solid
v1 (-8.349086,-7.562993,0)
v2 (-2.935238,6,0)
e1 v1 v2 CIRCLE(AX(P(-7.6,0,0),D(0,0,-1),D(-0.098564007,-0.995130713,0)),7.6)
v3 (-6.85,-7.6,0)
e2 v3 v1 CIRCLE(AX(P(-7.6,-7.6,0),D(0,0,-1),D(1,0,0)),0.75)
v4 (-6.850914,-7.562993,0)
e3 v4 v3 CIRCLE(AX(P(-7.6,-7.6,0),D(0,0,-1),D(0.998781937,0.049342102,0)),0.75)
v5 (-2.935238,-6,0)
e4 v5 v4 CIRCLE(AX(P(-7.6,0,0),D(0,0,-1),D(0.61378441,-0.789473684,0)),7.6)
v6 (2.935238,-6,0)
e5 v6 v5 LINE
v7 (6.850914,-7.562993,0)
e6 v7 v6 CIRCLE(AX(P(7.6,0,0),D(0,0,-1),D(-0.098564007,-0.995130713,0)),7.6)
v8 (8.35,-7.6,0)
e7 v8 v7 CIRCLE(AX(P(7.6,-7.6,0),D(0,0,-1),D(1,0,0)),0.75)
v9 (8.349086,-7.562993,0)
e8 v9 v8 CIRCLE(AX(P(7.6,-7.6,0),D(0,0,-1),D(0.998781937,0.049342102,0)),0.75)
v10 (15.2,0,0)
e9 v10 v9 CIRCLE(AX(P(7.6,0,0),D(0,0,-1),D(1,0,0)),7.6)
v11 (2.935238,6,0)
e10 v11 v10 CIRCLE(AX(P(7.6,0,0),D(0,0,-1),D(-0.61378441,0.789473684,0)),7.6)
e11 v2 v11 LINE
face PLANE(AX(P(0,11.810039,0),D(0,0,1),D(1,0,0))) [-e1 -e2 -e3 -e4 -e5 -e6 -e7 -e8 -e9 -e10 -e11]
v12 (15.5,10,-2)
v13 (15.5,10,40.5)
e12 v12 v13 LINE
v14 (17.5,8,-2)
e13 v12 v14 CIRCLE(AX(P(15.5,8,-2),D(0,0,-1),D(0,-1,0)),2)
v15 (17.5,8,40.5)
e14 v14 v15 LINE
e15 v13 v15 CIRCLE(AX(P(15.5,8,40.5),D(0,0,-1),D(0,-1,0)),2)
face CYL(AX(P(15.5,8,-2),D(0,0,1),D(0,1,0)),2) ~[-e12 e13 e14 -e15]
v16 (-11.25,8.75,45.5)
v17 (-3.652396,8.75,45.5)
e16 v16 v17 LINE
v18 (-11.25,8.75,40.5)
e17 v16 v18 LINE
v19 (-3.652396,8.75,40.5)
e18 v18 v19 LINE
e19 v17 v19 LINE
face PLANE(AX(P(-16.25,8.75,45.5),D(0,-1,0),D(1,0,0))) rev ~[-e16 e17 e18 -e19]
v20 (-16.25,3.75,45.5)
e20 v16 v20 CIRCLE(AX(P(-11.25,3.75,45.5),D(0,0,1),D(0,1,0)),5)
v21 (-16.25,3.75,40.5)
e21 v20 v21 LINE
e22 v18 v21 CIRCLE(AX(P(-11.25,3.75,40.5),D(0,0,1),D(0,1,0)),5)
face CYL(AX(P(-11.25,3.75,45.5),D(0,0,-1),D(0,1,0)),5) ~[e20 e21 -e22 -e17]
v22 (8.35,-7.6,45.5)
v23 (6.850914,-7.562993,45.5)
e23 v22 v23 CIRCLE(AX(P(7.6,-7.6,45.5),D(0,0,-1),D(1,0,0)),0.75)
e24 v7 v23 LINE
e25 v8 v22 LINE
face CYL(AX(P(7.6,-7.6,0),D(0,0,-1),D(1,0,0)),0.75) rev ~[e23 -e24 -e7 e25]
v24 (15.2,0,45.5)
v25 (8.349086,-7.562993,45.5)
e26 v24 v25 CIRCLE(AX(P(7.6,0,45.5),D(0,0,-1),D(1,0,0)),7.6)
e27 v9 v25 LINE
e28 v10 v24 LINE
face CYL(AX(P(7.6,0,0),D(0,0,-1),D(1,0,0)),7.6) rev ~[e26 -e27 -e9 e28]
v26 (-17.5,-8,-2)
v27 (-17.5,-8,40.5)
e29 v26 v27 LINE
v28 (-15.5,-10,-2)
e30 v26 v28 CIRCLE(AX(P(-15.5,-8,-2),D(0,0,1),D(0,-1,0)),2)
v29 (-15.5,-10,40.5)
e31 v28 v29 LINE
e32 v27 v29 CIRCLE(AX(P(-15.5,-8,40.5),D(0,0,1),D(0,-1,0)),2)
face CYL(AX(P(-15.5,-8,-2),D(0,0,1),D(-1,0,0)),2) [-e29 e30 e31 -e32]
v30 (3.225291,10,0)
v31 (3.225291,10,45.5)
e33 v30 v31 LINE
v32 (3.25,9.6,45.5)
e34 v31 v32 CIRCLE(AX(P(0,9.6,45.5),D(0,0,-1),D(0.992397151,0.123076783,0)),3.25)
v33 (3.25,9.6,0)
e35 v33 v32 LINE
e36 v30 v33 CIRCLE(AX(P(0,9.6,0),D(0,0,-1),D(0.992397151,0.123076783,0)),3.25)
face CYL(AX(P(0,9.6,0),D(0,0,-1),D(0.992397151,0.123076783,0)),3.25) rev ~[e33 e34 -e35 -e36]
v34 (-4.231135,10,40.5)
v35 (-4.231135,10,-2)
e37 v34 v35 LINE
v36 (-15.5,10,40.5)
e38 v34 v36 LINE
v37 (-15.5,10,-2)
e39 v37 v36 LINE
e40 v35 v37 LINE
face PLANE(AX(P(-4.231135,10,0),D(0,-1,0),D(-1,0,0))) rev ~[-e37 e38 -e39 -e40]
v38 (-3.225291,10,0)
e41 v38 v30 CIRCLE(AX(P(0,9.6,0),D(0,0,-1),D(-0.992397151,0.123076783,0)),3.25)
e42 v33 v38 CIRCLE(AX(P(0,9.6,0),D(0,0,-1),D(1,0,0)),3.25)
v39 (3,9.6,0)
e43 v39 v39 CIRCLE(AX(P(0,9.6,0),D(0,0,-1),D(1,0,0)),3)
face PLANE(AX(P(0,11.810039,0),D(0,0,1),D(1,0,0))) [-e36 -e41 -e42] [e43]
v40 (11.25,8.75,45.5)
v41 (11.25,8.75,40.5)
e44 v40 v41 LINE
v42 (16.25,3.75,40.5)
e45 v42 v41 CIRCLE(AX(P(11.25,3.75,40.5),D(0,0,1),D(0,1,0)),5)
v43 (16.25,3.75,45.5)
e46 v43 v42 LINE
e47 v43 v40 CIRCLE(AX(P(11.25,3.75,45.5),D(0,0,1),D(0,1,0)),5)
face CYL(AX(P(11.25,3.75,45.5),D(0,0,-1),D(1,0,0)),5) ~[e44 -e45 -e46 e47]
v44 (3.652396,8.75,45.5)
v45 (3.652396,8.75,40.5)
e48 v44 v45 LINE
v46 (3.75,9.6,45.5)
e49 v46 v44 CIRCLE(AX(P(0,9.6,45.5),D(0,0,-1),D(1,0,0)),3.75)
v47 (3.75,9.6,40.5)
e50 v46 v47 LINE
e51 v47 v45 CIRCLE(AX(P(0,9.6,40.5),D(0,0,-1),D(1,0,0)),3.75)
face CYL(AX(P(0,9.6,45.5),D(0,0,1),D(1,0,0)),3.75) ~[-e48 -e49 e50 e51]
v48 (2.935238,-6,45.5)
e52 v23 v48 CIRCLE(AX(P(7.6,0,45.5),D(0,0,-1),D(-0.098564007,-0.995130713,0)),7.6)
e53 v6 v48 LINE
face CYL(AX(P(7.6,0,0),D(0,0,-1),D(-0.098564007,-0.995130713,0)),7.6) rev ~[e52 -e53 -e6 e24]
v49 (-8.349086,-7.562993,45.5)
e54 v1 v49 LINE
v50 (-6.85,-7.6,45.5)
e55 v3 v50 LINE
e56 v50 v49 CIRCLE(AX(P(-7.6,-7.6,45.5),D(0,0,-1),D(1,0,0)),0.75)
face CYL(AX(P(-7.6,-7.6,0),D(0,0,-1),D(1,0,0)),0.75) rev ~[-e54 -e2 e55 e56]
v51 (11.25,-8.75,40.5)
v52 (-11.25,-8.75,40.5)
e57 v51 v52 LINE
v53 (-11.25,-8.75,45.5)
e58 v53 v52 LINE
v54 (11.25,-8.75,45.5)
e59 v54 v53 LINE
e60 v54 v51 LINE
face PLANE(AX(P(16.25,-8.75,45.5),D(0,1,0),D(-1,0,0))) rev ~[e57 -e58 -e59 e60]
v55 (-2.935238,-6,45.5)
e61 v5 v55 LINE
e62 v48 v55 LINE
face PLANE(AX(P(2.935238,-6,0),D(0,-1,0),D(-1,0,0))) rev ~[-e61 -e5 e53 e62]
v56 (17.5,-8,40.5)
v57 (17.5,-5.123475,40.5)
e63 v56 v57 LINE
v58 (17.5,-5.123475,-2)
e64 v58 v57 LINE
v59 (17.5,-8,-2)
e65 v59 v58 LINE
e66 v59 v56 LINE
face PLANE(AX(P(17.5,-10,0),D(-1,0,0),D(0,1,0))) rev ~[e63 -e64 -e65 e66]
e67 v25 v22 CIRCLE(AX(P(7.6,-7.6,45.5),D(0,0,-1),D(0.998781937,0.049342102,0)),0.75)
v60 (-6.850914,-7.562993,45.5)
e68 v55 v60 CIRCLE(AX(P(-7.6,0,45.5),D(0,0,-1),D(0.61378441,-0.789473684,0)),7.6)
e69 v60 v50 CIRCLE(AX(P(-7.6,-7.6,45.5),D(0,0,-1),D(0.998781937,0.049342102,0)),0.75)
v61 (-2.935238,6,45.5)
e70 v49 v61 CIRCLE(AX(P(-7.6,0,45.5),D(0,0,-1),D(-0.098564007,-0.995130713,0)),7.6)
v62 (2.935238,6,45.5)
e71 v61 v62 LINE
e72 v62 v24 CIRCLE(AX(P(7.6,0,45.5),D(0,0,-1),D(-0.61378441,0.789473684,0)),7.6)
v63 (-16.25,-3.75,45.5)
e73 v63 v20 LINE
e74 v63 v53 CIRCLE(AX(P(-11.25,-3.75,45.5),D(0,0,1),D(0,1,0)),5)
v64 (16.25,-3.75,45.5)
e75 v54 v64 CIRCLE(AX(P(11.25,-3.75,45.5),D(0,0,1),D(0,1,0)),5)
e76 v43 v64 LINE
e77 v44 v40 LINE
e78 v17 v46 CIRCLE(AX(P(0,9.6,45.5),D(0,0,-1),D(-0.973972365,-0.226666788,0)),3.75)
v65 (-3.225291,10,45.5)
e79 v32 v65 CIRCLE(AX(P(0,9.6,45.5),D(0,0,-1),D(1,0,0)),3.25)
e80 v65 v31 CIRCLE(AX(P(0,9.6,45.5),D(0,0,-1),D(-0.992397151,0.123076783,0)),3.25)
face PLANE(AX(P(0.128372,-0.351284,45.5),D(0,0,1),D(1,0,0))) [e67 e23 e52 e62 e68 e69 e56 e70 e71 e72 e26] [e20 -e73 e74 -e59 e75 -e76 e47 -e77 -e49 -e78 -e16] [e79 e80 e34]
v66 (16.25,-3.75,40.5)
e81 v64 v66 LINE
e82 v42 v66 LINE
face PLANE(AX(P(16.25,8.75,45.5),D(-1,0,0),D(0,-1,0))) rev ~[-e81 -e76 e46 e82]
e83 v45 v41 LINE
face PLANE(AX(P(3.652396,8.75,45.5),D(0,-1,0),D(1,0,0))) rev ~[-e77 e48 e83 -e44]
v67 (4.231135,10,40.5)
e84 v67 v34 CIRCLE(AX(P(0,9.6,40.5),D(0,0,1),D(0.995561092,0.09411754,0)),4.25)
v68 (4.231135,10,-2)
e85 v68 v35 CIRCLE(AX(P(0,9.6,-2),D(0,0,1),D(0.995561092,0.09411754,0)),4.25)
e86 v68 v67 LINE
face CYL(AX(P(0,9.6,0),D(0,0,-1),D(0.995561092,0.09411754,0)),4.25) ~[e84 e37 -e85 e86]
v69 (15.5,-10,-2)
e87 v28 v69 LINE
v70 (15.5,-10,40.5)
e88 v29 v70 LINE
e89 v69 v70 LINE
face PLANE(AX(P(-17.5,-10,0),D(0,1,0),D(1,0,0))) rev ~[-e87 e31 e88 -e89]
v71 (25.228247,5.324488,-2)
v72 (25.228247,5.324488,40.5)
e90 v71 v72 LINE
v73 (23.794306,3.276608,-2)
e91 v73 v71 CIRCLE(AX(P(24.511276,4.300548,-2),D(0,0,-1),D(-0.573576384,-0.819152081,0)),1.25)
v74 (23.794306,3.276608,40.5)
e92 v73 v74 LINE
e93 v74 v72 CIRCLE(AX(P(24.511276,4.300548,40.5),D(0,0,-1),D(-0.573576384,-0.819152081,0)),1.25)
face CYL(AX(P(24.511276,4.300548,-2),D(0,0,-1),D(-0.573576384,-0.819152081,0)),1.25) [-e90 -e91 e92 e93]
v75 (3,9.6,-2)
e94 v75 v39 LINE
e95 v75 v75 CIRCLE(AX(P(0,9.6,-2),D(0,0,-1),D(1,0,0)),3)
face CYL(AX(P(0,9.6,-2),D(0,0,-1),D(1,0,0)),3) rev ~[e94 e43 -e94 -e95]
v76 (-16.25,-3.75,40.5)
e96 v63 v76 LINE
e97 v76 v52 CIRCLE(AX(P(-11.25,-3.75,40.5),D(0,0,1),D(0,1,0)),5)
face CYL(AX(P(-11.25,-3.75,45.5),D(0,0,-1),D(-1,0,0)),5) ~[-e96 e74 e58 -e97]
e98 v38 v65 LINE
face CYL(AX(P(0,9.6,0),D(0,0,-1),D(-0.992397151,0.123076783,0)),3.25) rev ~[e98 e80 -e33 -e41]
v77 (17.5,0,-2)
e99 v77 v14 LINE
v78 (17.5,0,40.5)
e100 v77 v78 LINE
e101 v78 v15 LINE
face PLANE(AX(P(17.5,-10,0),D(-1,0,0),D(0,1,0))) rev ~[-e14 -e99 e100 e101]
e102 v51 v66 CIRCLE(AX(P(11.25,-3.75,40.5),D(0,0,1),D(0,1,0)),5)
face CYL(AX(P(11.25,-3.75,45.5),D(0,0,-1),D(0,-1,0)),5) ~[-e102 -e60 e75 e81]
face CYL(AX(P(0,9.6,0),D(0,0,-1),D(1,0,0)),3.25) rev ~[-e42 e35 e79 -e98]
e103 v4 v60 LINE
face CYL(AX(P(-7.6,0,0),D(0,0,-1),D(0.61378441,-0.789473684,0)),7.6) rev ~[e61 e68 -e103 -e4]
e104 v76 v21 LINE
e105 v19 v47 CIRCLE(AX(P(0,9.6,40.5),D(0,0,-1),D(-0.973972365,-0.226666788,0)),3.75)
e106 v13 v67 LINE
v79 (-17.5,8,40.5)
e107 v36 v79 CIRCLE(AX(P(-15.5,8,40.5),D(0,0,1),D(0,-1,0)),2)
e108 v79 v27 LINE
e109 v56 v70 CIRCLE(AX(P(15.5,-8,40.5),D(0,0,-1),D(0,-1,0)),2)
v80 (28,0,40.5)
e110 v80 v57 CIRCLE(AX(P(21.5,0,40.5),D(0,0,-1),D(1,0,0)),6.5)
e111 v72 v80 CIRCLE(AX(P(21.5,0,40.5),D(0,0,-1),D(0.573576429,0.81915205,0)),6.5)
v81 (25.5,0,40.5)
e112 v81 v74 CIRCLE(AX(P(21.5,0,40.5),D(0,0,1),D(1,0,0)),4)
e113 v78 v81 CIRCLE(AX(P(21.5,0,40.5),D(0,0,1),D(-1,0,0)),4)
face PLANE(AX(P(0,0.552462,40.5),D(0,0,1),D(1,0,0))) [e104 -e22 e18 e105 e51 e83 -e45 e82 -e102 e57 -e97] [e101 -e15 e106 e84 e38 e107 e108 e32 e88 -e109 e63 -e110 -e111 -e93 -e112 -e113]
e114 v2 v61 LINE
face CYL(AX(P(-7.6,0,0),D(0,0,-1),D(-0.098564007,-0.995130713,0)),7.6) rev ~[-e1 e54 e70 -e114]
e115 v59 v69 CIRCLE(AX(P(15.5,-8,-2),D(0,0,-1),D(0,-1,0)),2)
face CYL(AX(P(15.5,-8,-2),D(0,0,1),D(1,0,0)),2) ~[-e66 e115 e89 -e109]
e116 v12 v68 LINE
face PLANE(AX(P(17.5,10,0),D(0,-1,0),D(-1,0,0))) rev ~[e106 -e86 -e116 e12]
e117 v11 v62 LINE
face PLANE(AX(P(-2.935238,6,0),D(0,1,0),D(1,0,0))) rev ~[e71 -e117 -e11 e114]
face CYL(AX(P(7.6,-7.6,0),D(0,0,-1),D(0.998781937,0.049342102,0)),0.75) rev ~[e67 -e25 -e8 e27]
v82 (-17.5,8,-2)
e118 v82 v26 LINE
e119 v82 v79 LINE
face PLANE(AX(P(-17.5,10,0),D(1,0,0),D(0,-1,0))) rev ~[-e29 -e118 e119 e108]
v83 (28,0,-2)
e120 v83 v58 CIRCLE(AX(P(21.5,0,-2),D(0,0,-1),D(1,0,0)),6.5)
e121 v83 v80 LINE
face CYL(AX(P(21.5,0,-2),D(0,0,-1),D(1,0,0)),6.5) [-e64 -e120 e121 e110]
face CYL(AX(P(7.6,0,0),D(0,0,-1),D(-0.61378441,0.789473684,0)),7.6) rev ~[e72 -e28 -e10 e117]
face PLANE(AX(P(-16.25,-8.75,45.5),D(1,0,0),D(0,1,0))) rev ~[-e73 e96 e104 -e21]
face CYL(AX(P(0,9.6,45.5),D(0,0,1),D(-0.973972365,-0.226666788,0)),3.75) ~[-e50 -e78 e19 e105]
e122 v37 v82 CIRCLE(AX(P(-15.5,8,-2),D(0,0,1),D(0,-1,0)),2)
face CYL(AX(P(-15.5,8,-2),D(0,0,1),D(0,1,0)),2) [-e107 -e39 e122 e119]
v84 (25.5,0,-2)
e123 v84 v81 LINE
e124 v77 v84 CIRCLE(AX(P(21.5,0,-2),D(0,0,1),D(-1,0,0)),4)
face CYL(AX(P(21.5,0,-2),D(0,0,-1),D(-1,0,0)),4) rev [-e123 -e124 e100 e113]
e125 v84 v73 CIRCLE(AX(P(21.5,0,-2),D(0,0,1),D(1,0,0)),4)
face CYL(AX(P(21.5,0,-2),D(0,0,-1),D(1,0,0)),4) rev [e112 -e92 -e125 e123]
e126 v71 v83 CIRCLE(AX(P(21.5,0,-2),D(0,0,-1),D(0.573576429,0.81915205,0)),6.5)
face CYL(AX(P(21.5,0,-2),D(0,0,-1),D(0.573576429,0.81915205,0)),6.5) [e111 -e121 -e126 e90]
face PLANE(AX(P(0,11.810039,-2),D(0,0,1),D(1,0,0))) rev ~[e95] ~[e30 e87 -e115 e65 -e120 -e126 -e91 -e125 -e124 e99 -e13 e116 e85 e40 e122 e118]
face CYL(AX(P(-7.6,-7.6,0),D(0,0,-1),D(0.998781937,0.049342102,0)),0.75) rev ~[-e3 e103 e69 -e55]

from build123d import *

# Parameters (mm, degrees)
F1_DEPTH  = 2
F2_DEPTH  = 45.5
F4_DEPTH  = 5
F5_R      = 2
F6_R      = 5
F8_DEPTH  = 42.5
F9_R      = 3
F10_DEPTH = 47.501


with BuildPart() as f1:
    # F0 (on Top) → F1 (new body)
    with BuildSketch(Plane.XY):
        with BuildLine():
            ThreePointArc((4.2311346427, 10), (0, 13.850000456), (-4.2311346427, 10))
            Line((-4.2311346427, 10), (-3.2252907411, 10))
            ThreePointArc((-3.2252907411, 10), (0, 12.850000456), (3.2252907411, 10))
            Line((3.2252907411, 10), (4.2311346427, 10))
        make_face()
        with BuildLine():
            Line((3.2252907411, 10), (-3.2252907411, 10))
            ThreePointArc((-3.2252907411, 10), (-0.2003810013, 6.3561836525), (3.25, 9.600000456))
            ThreePointArc((3.25, 9.600000456), (3.2438168034, 9.8003814573), (3.2252907411, 10))
        make_face()
        with BuildLine():
            ThreePointArc((3.2252907411, 10), (0, 12.850000456), (-3.2252907411, 10))
            Line((-3.2252907411, 10), (3.2252907411, 10))
        make_face()
        with BuildLine():
            ThreePointArc((-2.9352384841, 6), (-0.7731344117, 3.3397464334), (0, 0))
            ThreePointArc((0, 0), (0.7731344117, 3.3397464334), (2.9352384841, 6))
            Line((2.9352384841, 6), (2.2588706729, 6))
            ThreePointArc((2.2588706729, 6), (0, 5.350000456), (-2.2588706729, 6))
            Line((-2.2588706729, 6), (-2.9352384841, 6))
        make_face()
        with BuildLine():
            ThreePointArc((2.9352384841, -6), (0.7731344117, -3.3397464334), (0, 0))
            ThreePointArc((0, 0), (-0.7731344117, -3.3397464334), (-2.9352384841, -6))
            Line((-2.9352384841, -6), (2.9352384841, -6))
        make_face()
        with BuildLine():
            ThreePointArc((-4.2311346427, 10), (-3.8118292524, 7.7205170826), (-2.2588706729, 6))
            Line((-2.2588706729, 6), (2.2588706729, 6))
            ThreePointArc((2.2588706729, 6), (3.7190523228, 7.543024564), (4.25, 9.600000456))
            ThreePointArc((4.25, 9.600000456), (4.2452810408, 9.8002225432), (4.2311346427, 10))
            Line((4.2311346427, 10), (3.2252907411, 10))
            ThreePointArc((3.2252907411, 10), (3.2438168034, 9.8003814573), (3.25, 9.600000456))
            ThreePointArc((3.25, 9.600000456), (-0.2003810013, 6.3561836525), (-3.2252907411, 10))
            Line((-3.2252907411, 10), (-4.2311346427, 10))
        make_face()
        with BuildLine():
            ThreePointArc((-2.9352384841, -6), (-0.7731344117, -3.3397464334), (0, 0))
            ThreePointArc((0, 0), (-0.7731344117, 3.3397464334), (-2.9352384841, 6))
            ThreePointArc((-2.9352384841, 6), (-14.6584577236, 2.8174766307), (-8.3490864524, -7.5629934211))
            ThreePointArc((-8.3490864524, -7.5629934211), (-7.6, -6.85), (-6.8509135476, -7.5629934211))
            ThreePointArc((-6.8509135476, -7.5629934211), (-4.7825233693, -7.0584577236), (-2.9352384841, -6))
        make_face()
        with BuildLine():
            ThreePointArc((2.9352384841, 6), (0.7731344117, 3.3397464334), (0, 0))
            ThreePointArc((0, 0), (0.7731344117, -3.3397464334), (2.9352384841, -6))
            ThreePointArc((2.9352384841, -6), (4.7825233693, -7.0584577236), (6.8509135476, -7.5629934211))
            ThreePointArc((6.8509135476, -7.5629934211), (7.6, -6.85), (8.3490864524, -7.5629934211))
            ThreePointArc((8.3490864524, -7.5629934211), (13.2326306926, -5.1023006067), (15.2, 0))
            ThreePointArc((15.2, 0), (10.9397464334, 6.8268655883), (2.9352384841, 6))
        make_face()
        with BuildLine():
            ThreePointArc((-8.3490864524, -7.5629934211), (-14.6584577236, 2.8174766307), (-2.9352384841, 6))
            Line((-2.9352384841, 6), (-2.2588706729, 6))
            ThreePointArc((-2.2588706729, 6), (-3.8118292524, 7.7205170826), (-4.2311346427, 10))
            Line((-4.2311346427, 10), (-17.5, 10))
            Line((-17.5, 10), (-17.5, -10))
            Line((-17.5, -10), (17.5, -10))
            Line((17.5, -10), (17.5, 10))
            Line((17.5, 10), (4.2311346427, 10))
            ThreePointArc((4.2311346427, 10), (4.2452810408, 9.8002225432), (4.25, 9.600000456))
            ThreePointArc((4.25, 9.600000456), (3.7190523228, 7.543024564), (2.2588706729, 6))
            Line((2.2588706729, 6), (2.9352384841, 6))
            ThreePointArc((2.9352384841, 6), (10.9397464334, 6.8268655883), (15.2, 0))
            ThreePointArc((15.2, 0), (13.2326306926, -5.1023006067), (8.3490864524, -7.5629934211))
            ThreePointArc((8.3490864524, -7.5629934211), (8.3497715783, -7.5814910734), (8.35, -7.6))
            ThreePointArc((8.35, -7.6), (7.5814910734, -8.3497715783), (6.8509135476, -7.5629934211))
            ThreePointArc((6.8509135476, -7.5629934211), (4.7825233693, -7.0584577236), (2.9352384841, -6))
            Line((2.9352384841, -6), (-2.9352384841, -6))
            ThreePointArc((-2.9352384841, -6), (-4.7825233693, -7.0584577236), (-6.8509135476, -7.5629934211))
            ThreePointArc((-6.8509135476, -7.5629934211), (-6.8502284217, -7.5814910734), (-6.85, -7.6))
            ThreePointArc((-6.85, -7.6), (-7.6185089266, -8.3497715783), (-8.3490864524, -7.5629934211))
        make_face()
        with BuildLine():
            ThreePointArc((-6.8509135476, -7.5629934211), (-7.6, -6.85), (-8.3490864524, -7.5629934211))
            ThreePointArc((-8.3490864524, -7.5629934211), (-7.6, -7.6), (-6.8509135476, -7.5629934211))
        make_face()
        with BuildLine():
            ThreePointArc((-6.8509135476, -7.5629934211), (-7.6, -7.6), (-8.3490864524, -7.5629934211))
            ThreePointArc((-8.3490864524, -7.5629934211), (-7.6185089266, -8.3497715783), (-6.85, -7.6))
            ThreePointArc((-6.85, -7.6), (-6.8502284217, -7.5814910734), (-6.8509135476, -7.5629934211))
        make_face()
        with BuildLine():
            ThreePointArc((8.3490864524, -7.5629934211), (7.6, -6.85), (6.8509135476, -7.5629934211))
            ThreePointArc((6.8509135476, -7.5629934211), (7.6, -7.6), (8.3490864524, -7.5629934211))
        make_face()
        with BuildLine():
            ThreePointArc((8.3490864524, -7.5629934211), (7.6, -7.6), (6.8509135476, -7.5629934211))
            ThreePointArc((6.8509135476, -7.5629934211), (7.5814910734, -8.3497715783), (8.35, -7.6))
            ThreePointArc((8.35, -7.6), (8.3497715783, -7.5814910734), (8.3490864524, -7.5629934211))
        make_face()
        with BuildLine():
            Line((2.2588706729, 6), (-2.2588706729, 6))
            ThreePointArc((-2.2588706729, 6), (0, 5.350000456), (2.2588706729, 6))
        make_face()
    extrude(amount=-F1_DEPTH)

    # F0 (on Top) → F2 (join)
    with BuildSketch(Plane.XY):
        with BuildLine():
            ThreePointArc((-8.3490864524, -7.5629934211), (-14.6584577236, 2.8174766307), (-2.9352384841, 6))
            Line((-2.9352384841, 6), (-2.2588706729, 6))
            ThreePointArc((-2.2588706729, 6), (-3.8118292524, 7.7205170826), (-4.2311346427, 10))
            Line((-4.2311346427, 10), (-17.5, 10))
            Line((-17.5, 10), (-17.5, -10))
            Line((-17.5, -10), (17.5, -10))
            Line((17.5, -10), (17.5, 10))
            Line((17.5, 10), (4.2311346427, 10))
            ThreePointArc((4.2311346427, 10), (4.2452810408, 9.8002225432), (4.25, 9.600000456))
            ThreePointArc((4.25, 9.600000456), (3.7190523228, 7.543024564), (2.2588706729, 6))
            Line((2.2588706729, 6), (2.9352384841, 6))
            ThreePointArc((2.9352384841, 6), (10.9397464334, 6.8268655883), (15.2, 0))
            ThreePointArc((15.2, 0), (13.2326306926, -5.1023006067), (8.3490864524, -7.5629934211))
            ThreePointArc((8.3490864524, -7.5629934211), (8.3497715783, -7.5814910734), (8.35, -7.6))
            ThreePointArc((8.35, -7.6), (7.5814910734, -8.3497715783), (6.8509135476, -7.5629934211))
            ThreePointArc((6.8509135476, -7.5629934211), (4.7825233693, -7.0584577236), (2.9352384841, -6))
            Line((2.9352384841, -6), (-2.9352384841, -6))
            ThreePointArc((-2.9352384841, -6), (-4.7825233693, -7.0584577236), (-6.8509135476, -7.5629934211))
            ThreePointArc((-6.8509135476, -7.5629934211), (-6.8502284217, -7.5814910734), (-6.85, -7.6))
            ThreePointArc((-6.85, -7.6), (-7.6185089266, -8.3497715783), (-8.3490864524, -7.5629934211))
        make_face()
        with BuildLine():
            ThreePointArc((4.2311346427, 10), (0, 13.850000456), (-4.2311346427, 10))
            Line((-4.2311346427, 10), (-3.2252907411, 10))
            ThreePointArc((-3.2252907411, 10), (0, 12.850000456), (3.2252907411, 10))
            Line((3.2252907411, 10), (4.2311346427, 10))
        make_face()
        with BuildLine():
            ThreePointArc((-4.2311346427, 10), (-3.8118292524, 7.7205170826), (-2.2588706729, 6))
            Line((-2.2588706729, 6), (2.2588706729, 6))
            ThreePointArc((2.2588706729, 6), (3.7190523228, 7.543024564), (4.25, 9.600000456))
            ThreePointArc((4.25, 9.600000456), (4.2452810408, 9.8002225432), (4.2311346427, 10))
            Line((4.2311346427, 10), (3.2252907411, 10))
            ThreePointArc((3.2252907411, 10), (3.2438168034, 9.8003814573), (3.25, 9.600000456))
            ThreePointArc((3.25, 9.600000456), (-0.2003810013, 6.3561836525), (-3.2252907411, 10))
            Line((-3.2252907411, 10), (-4.2311346427, 10))
        make_face()
    extrude(amount=F2_DEPTH)

    # F3 (on face) → F4 (cut)
    with BuildSketch(Plane.XY.offset(45.5)):
        with BuildLine():
            ThreePointArc((4.2311346427, 10), (0, 13.850000456), (-4.2311346427, 10))
            Line((-4.2311346427, 10), (-17.5, 10))
            Line((-17.5, 10), (-17.5, -10))
            Line((-17.5, -10), (17.5, -10))
            Line((17.5, -10), (17.5, 10))
            Line((17.5, 10), (4.2311346427, 10))
        make_face()
        with BuildLine():
            Line((3.6523963674, 8.75), (16.25, 8.75))
            Line((16.25, 8.75), (16.25, -8.75))
            Line((16.25, -8.75), (-16.25, -8.75))
            Line((-16.25, -8.75), (-16.25, 8.75))
            Line((-16.25, 8.75), (-3.6523963674, 8.75))
            ThreePointArc((-3.6523963674, 8.75), (-0.4277929535, 13.3255196398), (3.75, 9.600000456))
            ThreePointArc((3.75, 9.600000456), (3.7255191838, 9.1722075025), (3.6523963674, 8.75))
        make_face(mode=Mode.SUBTRACT)
    extrude(amount=-F4_DEPTH, mode=Mode.SUBTRACT)

    # F5
    f5_edges = [f1.edges().sort_by_distance(p)[0] for p in [
        (17.5, -10, 19.25),
        (17.5, 10, 19.25),
        (-17.5, 10, 19.25),
        (-17.5, -10, 19.25),
    ]]
    fillet(f5_edges, radius=F5_R)

    # F6
    f6_edges = [f1.edges().sort_by_distance(p)[0] for p in [
        (16.25, -8.75, 43),
        (16.25, 8.75, 43),
        (-16.25, 8.75, 43),
        (-16.25, -8.75, 43),
    ]]
    fillet(f6_edges, radius=F6_R)

    # F7 (on face) → F8 (join)
    with BuildSketch(Plane(origin=(0, 0, -2), x_dir=(1, 0, 0), z_dir=(0, 0, -1))):
        with BuildLine():
            ThreePointArc((17.5, 0), (21.5, 4), (25.5, 0))
            ThreePointArc((25.5, 0), (25.0480433512, -1.8469944174), (23.794305811, -3.2766081312))
            ThreePointArc((23.794305811, -3.2766081312), (25.0884620929, -3.1917847095), (25.7612762908, -4.3005482325))
            ThreePointArc((25.7612762908, -4.3005482325), (25.6200398184, -4.8777340259), (25.2282467868, -5.3244883225))
            ThreePointArc((25.2282467868, -5.3244883225), (27.2655704017, -3.0013660128), (28, 0))
            ThreePointArc((28, 0), (24.3504385627, 5.8416607228), (17.5, 5.123475383))
            Line((17.5, 5.123475383), (17.5, 0))
        make_face()
        with BuildLine():
            ThreePointArc((25.7612762908, -4.3005482325), (25.0884620929, -3.1917847095), (23.794305811, -3.2766081312))
            ThreePointArc((23.794305811, -3.2766081312), (23.4873361952, -5.0175187204), (25.2282467868, -5.3244883225))
            ThreePointArc((25.2282467868, -5.3244883225), (25.6200398184, -4.8777340259), (25.7612762908, -4.3005482325))
        make_face()
    extrude(amount=-F8_DEPTH)

    # F9 (on face) → F10 (cut, through all)
    with BuildSketch(Plane(origin=(0, 0, -2), x_dir=(1, 0, 0), z_dir=(0, 0, -1))):
        with Locations((0, -9.600000456)):
            Circle(F9_R)
    extrude(amount=-F10_DEPTH, mode=Mode.SUBTRACT)


solid = f1.part
